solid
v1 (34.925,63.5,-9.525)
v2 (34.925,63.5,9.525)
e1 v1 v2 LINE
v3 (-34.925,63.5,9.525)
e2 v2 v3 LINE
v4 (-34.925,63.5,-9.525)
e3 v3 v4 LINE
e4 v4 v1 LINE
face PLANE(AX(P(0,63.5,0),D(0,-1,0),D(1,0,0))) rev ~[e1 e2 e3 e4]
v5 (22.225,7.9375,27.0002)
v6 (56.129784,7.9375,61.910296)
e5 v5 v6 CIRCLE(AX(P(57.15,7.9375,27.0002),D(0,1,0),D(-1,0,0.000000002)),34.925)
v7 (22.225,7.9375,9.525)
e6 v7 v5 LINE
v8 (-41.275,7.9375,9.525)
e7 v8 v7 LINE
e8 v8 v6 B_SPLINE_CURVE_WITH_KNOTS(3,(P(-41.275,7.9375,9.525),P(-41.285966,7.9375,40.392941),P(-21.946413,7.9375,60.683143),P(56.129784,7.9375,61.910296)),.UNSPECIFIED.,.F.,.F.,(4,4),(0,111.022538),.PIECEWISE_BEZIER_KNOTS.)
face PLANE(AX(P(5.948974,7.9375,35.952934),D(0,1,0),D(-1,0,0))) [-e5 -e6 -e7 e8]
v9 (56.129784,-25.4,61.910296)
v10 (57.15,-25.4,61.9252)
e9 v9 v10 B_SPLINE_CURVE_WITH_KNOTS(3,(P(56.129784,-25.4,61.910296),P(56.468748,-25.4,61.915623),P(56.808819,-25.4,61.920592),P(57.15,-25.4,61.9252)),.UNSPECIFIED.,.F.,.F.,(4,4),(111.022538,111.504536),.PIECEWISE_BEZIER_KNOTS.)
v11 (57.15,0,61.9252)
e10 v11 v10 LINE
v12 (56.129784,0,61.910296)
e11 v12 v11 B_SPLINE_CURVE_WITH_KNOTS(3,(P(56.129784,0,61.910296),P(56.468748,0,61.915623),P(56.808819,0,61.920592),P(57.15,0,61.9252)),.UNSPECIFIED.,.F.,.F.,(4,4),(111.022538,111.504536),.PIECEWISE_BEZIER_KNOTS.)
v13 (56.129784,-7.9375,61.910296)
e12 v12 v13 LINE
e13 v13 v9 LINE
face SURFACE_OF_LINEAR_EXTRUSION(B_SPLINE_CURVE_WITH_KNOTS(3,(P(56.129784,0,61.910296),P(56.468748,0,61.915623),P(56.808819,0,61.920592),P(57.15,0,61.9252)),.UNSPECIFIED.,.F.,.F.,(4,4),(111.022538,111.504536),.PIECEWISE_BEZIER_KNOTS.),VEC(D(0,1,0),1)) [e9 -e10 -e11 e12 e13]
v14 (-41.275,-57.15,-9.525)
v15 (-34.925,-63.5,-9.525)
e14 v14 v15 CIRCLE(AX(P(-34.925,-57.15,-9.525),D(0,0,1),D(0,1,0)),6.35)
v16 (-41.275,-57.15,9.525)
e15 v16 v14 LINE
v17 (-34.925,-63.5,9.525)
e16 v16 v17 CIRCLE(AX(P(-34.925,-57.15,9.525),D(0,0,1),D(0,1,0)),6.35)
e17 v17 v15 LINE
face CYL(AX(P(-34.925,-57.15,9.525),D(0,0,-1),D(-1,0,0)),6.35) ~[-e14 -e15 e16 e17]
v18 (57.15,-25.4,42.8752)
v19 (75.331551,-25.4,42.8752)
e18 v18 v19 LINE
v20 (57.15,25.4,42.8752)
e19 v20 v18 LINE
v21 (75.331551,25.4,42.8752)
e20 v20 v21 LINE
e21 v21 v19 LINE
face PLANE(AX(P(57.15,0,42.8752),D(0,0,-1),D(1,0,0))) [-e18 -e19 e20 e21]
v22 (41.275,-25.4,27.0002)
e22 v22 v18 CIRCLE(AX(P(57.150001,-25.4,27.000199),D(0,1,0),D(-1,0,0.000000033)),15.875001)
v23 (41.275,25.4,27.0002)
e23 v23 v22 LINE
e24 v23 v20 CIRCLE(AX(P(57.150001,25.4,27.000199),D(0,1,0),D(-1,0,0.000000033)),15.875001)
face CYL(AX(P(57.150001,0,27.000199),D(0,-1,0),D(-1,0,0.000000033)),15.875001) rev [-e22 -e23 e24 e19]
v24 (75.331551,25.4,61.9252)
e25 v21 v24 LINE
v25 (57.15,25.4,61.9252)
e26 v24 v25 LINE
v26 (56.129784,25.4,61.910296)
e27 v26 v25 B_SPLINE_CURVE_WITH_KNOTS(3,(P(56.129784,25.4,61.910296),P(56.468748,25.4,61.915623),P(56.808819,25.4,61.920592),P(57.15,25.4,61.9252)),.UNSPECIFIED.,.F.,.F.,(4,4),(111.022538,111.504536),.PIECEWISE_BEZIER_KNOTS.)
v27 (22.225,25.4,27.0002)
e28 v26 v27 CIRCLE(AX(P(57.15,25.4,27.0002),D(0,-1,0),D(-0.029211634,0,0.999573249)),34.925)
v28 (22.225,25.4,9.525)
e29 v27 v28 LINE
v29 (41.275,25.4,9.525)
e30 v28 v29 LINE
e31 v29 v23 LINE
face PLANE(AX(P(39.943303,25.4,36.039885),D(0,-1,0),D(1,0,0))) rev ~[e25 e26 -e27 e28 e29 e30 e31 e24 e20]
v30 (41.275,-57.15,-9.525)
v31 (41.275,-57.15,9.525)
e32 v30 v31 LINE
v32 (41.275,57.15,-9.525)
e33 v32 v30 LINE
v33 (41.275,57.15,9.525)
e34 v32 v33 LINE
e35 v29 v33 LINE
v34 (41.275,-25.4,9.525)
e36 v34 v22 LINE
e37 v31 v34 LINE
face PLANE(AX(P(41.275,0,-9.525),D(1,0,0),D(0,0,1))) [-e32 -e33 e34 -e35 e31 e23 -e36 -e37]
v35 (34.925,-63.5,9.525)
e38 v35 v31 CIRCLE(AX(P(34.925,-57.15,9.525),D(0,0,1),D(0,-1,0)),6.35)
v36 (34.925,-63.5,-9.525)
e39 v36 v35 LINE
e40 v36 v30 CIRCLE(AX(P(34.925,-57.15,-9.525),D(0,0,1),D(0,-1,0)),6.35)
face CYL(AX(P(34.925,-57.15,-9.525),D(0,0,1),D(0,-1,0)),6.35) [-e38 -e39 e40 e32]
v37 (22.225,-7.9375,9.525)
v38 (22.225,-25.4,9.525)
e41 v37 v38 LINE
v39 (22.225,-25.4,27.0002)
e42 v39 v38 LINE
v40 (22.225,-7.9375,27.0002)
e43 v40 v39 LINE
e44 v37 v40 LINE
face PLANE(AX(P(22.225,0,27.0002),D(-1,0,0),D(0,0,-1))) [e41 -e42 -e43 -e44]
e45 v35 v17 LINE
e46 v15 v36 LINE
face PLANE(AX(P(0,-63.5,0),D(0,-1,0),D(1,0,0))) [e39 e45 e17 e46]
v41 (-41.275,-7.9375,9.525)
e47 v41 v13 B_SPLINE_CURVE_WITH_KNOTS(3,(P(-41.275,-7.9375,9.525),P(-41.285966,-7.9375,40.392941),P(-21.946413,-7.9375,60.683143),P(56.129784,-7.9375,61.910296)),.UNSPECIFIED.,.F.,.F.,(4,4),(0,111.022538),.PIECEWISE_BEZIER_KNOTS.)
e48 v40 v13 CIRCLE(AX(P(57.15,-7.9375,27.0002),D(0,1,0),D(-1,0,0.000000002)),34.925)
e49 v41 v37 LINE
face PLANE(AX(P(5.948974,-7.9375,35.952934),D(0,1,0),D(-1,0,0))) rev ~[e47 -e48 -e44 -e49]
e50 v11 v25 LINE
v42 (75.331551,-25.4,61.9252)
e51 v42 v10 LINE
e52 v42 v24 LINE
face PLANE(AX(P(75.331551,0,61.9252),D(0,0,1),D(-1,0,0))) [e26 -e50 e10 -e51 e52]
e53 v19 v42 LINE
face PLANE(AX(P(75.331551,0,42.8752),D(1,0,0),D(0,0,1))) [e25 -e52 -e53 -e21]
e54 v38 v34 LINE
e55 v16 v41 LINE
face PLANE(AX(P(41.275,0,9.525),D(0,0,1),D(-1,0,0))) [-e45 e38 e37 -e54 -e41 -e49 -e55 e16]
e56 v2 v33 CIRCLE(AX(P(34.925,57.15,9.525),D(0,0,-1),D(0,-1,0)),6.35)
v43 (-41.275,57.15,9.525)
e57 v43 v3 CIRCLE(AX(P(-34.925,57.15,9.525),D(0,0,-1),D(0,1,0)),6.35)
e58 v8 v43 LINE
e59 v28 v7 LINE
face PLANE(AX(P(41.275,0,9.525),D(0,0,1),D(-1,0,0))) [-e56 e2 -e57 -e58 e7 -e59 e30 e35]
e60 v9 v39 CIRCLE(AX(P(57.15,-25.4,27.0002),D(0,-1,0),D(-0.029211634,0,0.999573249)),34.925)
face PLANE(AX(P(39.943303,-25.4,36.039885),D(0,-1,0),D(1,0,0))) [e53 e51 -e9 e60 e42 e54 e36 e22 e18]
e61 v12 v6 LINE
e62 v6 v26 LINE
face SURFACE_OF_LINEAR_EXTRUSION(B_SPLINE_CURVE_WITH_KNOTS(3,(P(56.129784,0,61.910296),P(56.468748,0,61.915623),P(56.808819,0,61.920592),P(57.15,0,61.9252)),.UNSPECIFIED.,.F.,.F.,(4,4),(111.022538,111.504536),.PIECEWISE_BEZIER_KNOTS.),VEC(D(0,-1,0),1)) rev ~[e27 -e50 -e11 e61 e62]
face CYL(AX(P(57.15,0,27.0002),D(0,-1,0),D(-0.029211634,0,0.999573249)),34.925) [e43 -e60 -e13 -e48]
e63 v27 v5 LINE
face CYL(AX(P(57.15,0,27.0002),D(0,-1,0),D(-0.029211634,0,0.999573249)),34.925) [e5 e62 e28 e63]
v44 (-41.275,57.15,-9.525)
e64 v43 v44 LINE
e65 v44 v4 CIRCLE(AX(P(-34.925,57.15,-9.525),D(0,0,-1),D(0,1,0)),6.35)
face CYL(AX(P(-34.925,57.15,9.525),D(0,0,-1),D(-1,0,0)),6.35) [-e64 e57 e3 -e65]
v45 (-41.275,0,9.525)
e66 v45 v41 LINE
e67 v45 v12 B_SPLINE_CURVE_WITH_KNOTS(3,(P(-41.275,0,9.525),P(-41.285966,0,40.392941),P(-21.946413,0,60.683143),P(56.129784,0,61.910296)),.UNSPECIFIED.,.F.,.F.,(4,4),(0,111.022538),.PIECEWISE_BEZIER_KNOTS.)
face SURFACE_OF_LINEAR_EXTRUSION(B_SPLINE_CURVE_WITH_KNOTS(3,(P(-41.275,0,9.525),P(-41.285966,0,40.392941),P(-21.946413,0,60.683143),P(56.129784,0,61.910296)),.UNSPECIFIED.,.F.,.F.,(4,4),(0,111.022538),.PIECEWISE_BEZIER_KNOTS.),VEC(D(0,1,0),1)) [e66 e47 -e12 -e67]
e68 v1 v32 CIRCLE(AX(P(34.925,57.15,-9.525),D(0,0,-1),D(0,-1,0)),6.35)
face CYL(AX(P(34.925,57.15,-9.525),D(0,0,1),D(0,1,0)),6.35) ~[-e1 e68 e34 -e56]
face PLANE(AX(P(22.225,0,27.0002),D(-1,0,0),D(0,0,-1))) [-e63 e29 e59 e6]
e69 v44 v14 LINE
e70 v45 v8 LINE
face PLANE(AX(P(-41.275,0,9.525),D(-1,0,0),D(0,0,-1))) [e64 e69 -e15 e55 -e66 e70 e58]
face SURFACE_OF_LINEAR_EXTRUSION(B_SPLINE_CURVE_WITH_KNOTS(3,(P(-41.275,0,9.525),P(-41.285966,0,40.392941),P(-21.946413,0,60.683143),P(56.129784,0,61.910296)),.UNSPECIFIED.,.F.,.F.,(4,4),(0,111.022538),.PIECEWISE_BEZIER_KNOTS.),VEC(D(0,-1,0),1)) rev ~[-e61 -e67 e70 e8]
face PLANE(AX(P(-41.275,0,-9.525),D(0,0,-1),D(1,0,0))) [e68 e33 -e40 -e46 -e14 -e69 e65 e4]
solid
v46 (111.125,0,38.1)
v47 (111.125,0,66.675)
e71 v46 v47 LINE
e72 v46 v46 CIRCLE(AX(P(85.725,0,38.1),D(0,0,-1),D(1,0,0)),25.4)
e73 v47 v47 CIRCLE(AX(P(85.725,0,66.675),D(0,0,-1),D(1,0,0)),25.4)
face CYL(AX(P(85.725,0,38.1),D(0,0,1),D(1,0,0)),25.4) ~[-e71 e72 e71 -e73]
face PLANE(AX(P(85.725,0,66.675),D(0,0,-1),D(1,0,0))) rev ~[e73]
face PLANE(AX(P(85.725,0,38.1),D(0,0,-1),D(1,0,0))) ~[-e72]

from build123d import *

# Parameters (mm, degrees)
F1_DEPTH = 63.5
F0_W     = 15.006551
F0_H     = 19.05
F2_DEPTH = 25.4
F3_DEPTH = 7.9375
F4_R     = 6.35


with BuildPart() as f1:
    # F0 (on Front) → F1 (new body, symmetric)
    with BuildSketch(Plane.XZ):
        Polygon((22.225, 9.525), (-41.275, 9.525), (-41.275, -9.525), (41.275, -9.525), (41.275, 9.525), align=None)
    extrude(amount=F1_DEPTH, both=True)

    # F0 (on Front) → F2 (join, symmetric)
    with BuildSketch(Plane.XZ):
        with BuildLine():
            Line((22.225, 27.0002), (22.225, 9.525))
            Line((22.225, 9.525), (41.275, 9.525))
            Line((41.275, 9.525), (41.275, 27.0002))
            ThreePointArc((41.275, 27.0002), (45.92468, 38.22552), (57.15, 42.8752))
            Line((57.15, 42.8752), (60.325, 42.8752))
            Line((60.325, 42.8752), (60.325, 61.9252))
            Line((60.325, 61.9252), (57.15, 61.9252))
            add(Edge.make_bspline(
                [(56.129784, 61.910296), (56.468748, 61.915623), (56.808819, 61.920592), (57.15, 61.9252)],
                knots=[111.022538, 111.022538, 111.022538, 111.022538, 111.504536, 111.504536, 111.504536, 111.504536], degree=3))
            ThreePointArc((56.129784, 61.910296), (32.096191, 51.33253), (22.225, 27.0002))
        make_face()
        with Locations((67.828275, 52.4002)):
            Rectangle(F0_W, F0_H)
    extrude(amount=F2_DEPTH, both=True)

    # F0 (on Front) → F3 (join, symmetric)
    with BuildSketch(Plane.XZ):
        with BuildLine():
            add(Edge.make_bspline(
                [(-41.275, 9.525), (-41.285966, 40.392941), (-21.946413, 60.683143), (56.129784, 61.910296)],
                knots=[0, 0, 0, 0, 111.022538, 111.022538, 111.022538, 111.022538], degree=3))
            Line((-41.275, 9.525), (22.225, 9.525))
            Line((22.225, 9.525), (22.225, 27.0002))
            ThreePointArc((22.225, 27.0002), (32.096191, 51.33253), (56.129784, 61.910296))
        make_face()
    extrude(amount=F3_DEPTH, both=True)

    # F4
    f4_edges = [f1.edges().sort_by_distance(p)[0] for p in [
        (41.275, -63.5, 0),
        (-41.275, -63.5, 0),
        (41.275, 63.5, 0),
        (-41.275, 63.5, 0),
    ]]
    fillet(f4_edges, radius=F4_R)


with BuildPart() as f5:
    # F0 (on Front) → F5 (revolve)
    with BuildSketch(Plane.XZ):
        Polygon((111.125, 66.675), (85.725, 66.675), (85.725, 52.3875), (85.725, 38.1), (111.125, 38.1), align=None)
    revolve(axis=Axis((85.725, 0, 52.3875), (0, 0, -1)))


solid = Compound([f1.part, f5.part])
